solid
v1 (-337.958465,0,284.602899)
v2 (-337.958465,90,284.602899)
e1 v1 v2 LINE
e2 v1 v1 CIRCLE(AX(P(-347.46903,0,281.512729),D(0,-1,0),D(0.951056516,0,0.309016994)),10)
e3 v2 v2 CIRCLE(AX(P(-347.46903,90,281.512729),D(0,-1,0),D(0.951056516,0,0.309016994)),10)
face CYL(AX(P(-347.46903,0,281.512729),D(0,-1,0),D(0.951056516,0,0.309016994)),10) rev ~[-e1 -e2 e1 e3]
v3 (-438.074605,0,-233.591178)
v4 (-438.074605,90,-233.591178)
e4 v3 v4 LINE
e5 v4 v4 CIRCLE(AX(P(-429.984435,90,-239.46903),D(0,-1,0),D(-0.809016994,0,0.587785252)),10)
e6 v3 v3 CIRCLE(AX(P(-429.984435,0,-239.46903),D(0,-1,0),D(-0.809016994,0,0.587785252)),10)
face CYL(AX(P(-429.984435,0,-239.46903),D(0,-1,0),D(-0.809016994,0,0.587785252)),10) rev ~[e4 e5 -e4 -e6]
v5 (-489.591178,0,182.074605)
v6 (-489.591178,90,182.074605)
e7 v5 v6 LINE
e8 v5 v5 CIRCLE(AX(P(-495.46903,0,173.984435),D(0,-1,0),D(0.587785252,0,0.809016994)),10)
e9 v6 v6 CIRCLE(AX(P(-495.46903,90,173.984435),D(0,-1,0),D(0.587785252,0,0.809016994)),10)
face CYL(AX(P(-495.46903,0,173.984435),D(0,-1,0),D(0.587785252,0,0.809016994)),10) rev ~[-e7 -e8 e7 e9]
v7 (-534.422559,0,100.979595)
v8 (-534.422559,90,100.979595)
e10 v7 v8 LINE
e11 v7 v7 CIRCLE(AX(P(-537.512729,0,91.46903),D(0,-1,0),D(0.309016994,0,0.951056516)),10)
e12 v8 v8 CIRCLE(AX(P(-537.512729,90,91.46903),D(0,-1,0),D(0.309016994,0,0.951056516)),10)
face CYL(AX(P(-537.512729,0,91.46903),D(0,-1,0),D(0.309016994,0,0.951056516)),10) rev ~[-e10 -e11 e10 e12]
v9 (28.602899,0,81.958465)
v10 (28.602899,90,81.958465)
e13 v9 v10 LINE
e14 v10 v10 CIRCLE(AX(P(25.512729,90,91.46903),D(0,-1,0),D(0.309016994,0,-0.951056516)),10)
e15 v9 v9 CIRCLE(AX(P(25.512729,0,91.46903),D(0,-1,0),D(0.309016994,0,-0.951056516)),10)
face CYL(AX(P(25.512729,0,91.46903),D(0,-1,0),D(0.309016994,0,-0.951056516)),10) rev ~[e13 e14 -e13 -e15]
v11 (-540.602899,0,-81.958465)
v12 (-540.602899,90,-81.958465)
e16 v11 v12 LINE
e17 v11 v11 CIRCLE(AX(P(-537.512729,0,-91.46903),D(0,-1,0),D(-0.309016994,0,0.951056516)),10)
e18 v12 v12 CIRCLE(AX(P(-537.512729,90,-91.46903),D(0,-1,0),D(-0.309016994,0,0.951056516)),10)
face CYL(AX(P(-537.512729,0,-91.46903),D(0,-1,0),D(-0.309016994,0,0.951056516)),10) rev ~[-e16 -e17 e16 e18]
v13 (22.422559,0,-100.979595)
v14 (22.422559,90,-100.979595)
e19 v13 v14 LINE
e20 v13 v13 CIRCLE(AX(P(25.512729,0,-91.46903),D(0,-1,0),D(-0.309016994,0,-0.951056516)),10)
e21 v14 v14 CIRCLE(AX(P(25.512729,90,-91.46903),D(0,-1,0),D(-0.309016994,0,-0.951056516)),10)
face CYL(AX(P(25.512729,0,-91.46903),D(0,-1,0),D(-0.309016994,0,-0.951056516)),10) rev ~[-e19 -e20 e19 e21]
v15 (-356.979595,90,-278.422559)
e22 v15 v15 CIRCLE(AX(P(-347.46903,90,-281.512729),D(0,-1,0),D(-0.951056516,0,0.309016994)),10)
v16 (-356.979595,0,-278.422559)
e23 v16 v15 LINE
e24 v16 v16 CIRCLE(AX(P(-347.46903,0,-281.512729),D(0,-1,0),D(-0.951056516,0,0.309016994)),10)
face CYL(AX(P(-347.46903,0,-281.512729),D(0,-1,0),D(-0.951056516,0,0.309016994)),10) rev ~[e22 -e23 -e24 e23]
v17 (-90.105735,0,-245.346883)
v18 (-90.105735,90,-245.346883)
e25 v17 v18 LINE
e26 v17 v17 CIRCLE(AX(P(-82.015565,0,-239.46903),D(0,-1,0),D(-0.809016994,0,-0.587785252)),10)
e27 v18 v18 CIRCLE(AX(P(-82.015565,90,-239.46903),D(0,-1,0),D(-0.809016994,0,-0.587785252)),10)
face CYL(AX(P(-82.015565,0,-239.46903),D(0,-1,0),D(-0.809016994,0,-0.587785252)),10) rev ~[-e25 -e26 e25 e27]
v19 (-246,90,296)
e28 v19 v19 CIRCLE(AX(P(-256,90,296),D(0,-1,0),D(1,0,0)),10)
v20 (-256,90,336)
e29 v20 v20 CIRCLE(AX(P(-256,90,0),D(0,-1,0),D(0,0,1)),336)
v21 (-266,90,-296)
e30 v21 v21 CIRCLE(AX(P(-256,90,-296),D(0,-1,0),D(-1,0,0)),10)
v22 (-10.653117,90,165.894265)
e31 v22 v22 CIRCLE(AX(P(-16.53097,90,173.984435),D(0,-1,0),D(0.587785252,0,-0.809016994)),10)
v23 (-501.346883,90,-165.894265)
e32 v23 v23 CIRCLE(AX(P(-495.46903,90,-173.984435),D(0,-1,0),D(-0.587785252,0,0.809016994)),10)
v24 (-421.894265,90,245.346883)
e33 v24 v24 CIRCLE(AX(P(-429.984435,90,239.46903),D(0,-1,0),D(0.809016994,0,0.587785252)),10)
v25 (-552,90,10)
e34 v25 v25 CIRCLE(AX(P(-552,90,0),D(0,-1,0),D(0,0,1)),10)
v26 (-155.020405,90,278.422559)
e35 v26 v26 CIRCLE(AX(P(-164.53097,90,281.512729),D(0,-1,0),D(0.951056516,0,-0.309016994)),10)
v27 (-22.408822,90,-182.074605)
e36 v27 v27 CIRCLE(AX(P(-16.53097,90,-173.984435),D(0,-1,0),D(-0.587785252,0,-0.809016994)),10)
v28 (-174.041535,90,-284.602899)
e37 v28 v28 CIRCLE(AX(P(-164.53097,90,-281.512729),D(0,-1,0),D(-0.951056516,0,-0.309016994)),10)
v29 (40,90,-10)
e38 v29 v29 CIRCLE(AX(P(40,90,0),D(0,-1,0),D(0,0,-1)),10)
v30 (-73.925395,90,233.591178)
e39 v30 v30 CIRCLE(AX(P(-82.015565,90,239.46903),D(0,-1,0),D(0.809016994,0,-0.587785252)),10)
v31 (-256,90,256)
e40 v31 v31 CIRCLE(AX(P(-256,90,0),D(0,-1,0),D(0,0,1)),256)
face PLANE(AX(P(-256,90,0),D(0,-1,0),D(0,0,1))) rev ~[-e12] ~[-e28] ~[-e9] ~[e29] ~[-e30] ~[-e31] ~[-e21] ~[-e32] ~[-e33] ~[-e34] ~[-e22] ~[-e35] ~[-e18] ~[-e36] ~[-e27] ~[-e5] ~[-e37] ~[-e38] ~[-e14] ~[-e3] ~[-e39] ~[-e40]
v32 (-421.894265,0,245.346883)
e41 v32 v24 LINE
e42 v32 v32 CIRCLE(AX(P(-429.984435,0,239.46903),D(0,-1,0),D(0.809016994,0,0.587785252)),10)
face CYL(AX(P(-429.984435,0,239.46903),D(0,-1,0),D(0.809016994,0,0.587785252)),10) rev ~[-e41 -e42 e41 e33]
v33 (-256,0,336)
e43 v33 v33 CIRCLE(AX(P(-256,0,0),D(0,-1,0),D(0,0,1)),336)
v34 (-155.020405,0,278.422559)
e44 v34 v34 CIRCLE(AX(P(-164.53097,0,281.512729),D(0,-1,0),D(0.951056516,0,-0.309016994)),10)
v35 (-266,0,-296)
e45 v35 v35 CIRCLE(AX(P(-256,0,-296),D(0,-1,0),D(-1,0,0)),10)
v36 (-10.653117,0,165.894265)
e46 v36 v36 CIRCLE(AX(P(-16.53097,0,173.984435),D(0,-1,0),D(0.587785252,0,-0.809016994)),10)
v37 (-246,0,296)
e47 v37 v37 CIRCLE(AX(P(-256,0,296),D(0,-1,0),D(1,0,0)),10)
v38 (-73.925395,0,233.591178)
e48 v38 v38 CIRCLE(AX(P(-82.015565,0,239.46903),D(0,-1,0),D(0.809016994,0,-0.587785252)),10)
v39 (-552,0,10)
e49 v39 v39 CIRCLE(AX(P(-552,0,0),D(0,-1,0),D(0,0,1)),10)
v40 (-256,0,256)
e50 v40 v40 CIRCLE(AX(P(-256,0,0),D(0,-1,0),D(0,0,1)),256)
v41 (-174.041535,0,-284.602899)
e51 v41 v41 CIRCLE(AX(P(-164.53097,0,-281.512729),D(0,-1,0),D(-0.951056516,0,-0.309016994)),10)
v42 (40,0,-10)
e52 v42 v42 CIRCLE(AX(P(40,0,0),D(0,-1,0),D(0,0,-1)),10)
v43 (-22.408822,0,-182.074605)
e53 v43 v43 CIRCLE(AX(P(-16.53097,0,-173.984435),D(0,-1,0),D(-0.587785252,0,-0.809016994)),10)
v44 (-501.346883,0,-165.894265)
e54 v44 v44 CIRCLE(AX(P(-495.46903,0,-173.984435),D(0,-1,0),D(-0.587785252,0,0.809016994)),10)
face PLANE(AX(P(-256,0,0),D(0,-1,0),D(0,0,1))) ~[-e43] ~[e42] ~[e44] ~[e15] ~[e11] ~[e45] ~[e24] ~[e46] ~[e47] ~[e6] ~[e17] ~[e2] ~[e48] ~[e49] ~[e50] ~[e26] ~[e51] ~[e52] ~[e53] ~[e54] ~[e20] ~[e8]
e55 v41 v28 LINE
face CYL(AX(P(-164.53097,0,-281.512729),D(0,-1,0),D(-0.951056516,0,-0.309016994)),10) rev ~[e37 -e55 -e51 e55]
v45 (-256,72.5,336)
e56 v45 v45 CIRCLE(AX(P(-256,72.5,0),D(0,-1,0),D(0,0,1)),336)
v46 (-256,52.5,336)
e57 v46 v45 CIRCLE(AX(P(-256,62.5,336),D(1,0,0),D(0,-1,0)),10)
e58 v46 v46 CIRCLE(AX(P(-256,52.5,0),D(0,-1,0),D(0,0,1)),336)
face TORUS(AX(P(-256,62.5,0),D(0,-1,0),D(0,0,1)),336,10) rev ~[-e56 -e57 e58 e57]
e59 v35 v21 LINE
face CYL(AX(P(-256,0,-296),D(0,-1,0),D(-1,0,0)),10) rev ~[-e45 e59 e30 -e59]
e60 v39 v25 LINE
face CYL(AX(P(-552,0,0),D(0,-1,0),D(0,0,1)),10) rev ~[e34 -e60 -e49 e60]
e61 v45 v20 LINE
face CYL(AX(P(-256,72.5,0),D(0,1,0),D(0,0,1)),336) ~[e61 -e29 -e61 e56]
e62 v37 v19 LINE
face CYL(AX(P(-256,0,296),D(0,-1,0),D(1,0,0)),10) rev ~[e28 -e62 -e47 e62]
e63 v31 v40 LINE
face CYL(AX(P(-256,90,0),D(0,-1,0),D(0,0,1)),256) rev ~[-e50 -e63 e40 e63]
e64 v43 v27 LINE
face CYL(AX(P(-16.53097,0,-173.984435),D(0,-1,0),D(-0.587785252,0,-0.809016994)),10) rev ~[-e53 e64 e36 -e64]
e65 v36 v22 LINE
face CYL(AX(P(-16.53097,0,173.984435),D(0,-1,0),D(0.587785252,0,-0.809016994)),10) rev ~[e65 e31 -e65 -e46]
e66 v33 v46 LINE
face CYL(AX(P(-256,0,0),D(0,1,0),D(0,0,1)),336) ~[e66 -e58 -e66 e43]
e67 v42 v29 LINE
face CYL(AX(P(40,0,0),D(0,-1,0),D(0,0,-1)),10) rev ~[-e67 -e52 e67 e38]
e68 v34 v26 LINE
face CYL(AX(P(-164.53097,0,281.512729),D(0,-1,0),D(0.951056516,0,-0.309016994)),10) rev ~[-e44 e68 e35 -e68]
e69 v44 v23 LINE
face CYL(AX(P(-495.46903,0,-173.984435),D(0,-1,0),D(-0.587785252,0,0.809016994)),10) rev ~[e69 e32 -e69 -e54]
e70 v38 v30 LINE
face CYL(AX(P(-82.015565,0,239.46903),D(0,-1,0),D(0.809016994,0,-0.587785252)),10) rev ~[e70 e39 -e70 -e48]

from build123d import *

# Parameters (mm, degrees)
ESQUISSE2_R                  = 10
ENL_V_MAT_EXTRU_1_DEPTH      = 687.62944883
R_P_TITION_CIRCULAIRE1_COUNT = 20


with BuildPart() as part:
    # Esquisse1 → Révolution1 (revolve)
    with BuildSketch(Plane.XY, mode=Mode.PRIVATE) as r_volution1_sk:
        with BuildLine():
            Line((0, 0), (80, 0))
            Line((80, 0), (80, 52.5))
            ThreePointArc((80, 52.5), (70, 62.5), (80, 72.5))
            Line((80, 72.5), (80, 90))
            Line((80, 90), (0, 90))
            Line((0, 90), (0, 0))
        make_face()
    revolve(r_volution1_sk.sketch.rotate(Axis((-256, 27.419354839, 0), (0, -1, 0)), 90), axis=Axis((-256, 27.419354839, 0), (0, -1, 0)))

    # Esquisse2 → Enlèv. mat.-Extru.1 (cut, through all)
    with BuildSketch(Plane.XZ):
        with Locations(Location((40, 0, 0), (0, 0, 270))):
            Circle(ESQUISSE2_R)
    enl_v_mat_extru_1 = extrude(amount=-ENL_V_MAT_EXTRU_1_DEPTH, mode=Mode.SUBTRACT)

    # Répétition circulaire1: Enlèv. mat.-Extru.1 ×20 about axis
    r_p_tition_circulaire1_axis = Axis((-256, 0, 0), (0, 1, 0))
    for i in range(1, R_P_TITION_CIRCULAIRE1_COUNT):
        add(enl_v_mat_extru_1.rotate(r_p_tition_circulaire1_axis, i * 360 / R_P_TITION_CIRCULAIRE1_COUNT), mode=Mode.SUBTRACT)


solid = part.part
